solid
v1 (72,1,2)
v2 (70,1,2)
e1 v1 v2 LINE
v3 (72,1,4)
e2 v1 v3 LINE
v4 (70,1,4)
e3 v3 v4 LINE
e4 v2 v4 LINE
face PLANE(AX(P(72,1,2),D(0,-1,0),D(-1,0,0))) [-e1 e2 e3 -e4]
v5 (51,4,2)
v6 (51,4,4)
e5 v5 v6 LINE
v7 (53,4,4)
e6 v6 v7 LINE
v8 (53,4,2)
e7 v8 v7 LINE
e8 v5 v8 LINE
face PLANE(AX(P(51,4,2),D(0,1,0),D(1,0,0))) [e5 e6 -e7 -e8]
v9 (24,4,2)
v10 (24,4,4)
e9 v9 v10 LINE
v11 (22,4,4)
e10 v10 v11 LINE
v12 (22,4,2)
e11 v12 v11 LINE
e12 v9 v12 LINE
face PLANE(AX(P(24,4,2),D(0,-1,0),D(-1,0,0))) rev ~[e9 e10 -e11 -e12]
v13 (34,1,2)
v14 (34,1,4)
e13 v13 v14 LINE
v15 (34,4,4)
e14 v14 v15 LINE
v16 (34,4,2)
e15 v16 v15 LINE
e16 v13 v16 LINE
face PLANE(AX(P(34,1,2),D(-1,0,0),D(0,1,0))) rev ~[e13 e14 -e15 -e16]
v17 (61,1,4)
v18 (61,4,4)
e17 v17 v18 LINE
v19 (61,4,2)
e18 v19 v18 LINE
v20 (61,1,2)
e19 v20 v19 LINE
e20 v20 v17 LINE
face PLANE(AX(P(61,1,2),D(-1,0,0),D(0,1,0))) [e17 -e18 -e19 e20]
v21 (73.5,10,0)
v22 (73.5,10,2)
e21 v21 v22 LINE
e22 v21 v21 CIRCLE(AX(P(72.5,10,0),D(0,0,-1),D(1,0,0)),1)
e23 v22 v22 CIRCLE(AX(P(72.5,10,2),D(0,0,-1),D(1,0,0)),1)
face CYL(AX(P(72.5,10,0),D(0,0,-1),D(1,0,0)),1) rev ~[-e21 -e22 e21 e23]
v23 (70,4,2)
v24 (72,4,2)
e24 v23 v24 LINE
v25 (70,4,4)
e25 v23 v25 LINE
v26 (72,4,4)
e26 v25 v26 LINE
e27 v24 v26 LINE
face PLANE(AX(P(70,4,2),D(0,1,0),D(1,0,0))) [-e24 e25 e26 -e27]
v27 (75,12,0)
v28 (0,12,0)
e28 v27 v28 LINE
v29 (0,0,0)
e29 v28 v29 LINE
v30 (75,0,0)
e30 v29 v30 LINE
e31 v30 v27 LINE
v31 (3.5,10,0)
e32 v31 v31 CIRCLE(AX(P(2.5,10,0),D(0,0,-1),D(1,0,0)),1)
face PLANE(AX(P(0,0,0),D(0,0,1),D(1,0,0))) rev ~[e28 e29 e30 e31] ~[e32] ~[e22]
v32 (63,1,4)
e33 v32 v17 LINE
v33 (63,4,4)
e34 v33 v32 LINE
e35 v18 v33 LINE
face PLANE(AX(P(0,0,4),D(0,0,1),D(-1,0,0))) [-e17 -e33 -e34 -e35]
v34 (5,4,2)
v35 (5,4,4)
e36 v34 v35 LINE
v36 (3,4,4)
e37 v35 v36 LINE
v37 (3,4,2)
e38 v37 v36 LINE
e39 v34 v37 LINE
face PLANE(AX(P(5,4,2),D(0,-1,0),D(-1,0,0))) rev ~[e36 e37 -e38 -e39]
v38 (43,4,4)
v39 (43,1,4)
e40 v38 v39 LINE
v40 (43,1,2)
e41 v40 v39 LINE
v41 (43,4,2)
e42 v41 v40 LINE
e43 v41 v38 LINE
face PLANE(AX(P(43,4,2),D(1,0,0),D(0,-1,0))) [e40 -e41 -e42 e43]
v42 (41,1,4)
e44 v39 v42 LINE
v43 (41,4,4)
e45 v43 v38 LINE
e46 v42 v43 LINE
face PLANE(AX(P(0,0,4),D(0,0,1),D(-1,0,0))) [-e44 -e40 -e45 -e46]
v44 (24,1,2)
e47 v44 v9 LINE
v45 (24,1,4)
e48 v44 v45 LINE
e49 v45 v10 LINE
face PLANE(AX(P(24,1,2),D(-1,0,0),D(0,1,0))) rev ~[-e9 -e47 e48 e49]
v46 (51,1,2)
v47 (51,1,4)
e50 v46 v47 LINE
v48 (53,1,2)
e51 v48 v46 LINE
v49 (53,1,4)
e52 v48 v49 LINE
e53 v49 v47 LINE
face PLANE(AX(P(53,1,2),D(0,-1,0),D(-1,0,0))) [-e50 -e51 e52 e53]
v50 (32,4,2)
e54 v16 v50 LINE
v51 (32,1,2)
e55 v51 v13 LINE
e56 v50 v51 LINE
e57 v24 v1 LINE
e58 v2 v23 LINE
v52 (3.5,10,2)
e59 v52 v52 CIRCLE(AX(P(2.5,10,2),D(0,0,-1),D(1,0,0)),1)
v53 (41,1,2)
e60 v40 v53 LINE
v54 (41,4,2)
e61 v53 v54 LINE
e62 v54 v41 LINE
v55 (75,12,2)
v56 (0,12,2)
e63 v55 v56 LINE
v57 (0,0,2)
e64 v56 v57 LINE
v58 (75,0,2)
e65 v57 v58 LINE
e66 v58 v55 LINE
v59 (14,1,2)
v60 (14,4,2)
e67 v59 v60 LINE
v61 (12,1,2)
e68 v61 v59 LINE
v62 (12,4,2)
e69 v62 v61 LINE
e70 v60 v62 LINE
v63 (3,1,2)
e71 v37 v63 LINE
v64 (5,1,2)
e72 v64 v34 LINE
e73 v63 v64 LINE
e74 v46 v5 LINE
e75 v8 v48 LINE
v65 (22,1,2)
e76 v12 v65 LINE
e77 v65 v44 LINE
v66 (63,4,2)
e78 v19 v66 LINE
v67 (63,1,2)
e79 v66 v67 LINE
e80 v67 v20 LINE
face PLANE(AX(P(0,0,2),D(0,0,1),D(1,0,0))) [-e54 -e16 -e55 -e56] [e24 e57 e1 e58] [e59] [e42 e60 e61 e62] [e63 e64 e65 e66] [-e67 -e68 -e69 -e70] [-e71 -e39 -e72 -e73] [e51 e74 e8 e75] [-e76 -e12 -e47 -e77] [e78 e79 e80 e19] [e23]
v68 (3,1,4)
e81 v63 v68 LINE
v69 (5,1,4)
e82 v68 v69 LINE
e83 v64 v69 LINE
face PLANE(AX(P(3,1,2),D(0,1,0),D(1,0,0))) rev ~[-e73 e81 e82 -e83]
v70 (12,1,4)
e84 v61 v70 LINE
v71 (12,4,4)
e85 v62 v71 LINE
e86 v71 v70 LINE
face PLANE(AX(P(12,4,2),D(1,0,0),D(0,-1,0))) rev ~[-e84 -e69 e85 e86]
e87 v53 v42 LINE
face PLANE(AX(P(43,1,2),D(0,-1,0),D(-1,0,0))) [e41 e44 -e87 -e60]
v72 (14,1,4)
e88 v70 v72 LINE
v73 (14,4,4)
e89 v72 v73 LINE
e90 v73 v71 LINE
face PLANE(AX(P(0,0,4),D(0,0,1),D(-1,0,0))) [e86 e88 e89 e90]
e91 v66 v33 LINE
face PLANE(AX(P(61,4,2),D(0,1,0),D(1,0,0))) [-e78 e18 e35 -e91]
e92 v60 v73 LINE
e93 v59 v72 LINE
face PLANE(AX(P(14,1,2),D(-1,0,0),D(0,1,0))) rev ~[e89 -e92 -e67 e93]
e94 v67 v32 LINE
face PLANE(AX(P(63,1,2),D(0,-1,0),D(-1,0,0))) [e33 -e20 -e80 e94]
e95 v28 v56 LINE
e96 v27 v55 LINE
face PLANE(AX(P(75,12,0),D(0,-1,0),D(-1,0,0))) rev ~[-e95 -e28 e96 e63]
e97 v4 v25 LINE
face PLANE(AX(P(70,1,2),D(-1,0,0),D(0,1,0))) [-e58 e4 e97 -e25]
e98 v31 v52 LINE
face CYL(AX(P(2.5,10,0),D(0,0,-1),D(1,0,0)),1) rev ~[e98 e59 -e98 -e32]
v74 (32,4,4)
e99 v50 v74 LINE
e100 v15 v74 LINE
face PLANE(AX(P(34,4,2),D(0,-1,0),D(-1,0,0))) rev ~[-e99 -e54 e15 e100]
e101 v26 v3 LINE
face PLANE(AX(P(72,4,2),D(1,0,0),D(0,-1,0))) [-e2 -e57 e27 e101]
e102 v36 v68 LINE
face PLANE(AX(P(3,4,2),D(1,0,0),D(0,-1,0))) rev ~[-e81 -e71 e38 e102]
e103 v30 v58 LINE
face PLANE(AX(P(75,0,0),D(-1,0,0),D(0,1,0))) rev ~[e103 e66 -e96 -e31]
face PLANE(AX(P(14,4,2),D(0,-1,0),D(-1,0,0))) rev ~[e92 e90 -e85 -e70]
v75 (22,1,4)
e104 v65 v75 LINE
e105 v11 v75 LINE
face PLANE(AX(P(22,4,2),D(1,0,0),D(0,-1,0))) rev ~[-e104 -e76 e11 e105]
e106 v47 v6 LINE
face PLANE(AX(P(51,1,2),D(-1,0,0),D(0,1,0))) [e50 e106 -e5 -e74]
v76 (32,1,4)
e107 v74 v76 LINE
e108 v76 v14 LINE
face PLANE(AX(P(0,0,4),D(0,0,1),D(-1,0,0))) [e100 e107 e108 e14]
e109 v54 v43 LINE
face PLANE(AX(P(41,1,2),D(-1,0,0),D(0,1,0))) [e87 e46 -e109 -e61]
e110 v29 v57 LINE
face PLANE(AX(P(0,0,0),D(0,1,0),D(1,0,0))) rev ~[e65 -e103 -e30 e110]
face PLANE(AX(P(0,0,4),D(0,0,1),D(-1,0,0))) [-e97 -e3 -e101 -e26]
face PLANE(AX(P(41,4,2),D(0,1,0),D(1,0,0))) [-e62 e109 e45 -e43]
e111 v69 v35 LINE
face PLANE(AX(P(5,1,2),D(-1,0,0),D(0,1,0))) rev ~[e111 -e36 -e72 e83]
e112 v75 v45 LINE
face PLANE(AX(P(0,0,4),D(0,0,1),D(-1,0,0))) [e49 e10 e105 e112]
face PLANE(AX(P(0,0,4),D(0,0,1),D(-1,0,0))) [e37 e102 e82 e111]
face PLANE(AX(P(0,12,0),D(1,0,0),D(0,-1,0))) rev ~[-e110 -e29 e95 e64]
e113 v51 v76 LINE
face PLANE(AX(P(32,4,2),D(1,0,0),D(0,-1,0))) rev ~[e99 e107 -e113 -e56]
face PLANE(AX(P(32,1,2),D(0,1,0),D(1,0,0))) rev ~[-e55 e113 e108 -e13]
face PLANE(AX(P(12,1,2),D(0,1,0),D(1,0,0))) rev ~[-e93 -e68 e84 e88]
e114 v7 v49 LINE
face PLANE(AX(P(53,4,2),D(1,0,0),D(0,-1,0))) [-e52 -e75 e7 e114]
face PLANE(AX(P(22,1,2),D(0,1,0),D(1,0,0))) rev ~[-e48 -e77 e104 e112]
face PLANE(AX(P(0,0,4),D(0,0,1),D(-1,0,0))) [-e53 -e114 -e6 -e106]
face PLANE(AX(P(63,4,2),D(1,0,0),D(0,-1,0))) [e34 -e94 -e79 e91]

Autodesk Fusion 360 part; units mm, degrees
sketch "Szkic1" plane through (0, 0, 0) normal (0, 0, 1) x (1, 0, 0)
  line L0 (0, 0) -> (75, 0)
  line L1 (75, 0) -> (75, 12)
  line L2 (75, 12) -> (0, 12)
  line L3 (0, 12) -> (0, 0)
  dimension "d1" = 75
  dimension "d2" = 12
extrude "Wyciągnięcie proste1" add sketch "Szkic1" along normal blind 2
sketch "Szkic2" plane through (0, 0, 2) normal (0, 0, 1) x (-1, 0, 0)
  line L0 (0, -12) -> (0, 0)
  line L1 (0, 0) -> (-75, 0)
  line L2 (-75, 0) -> (-75, -12)
  line L3 (-75, -12) -> (0, -12)
  line L4 (-3, -1) -> (-5, -1)
  line L5 (-5, -1) -> (-5, -4)
  line L6 (-5, -4) -> (-3, -4)
  line L7 (-3, -4) -> (-3, -1)
  line L8 (-72, -1) -> (-70, -1)
  line L9 (-70, -1) -> (-70, -4)
  line L10 (-70, -4) -> (-72, -4)
  line L11 (-72, -4) -> (-72, -1)
  line L12 (-12, -1) -> (-14, -1)
  line L13 (-14, -1) -> (-14, -4)
  line L14 (-14, -4) -> (-12, -4)
  line L15 (-12, -4) -> (-12, -1)
  line L16 (-63, -1) -> (-61, -1)
  line L17 (-61, -1) -> (-61, -4)
  line L18 (-61, -4) -> (-63, -4)
  line L19 (-63, -4) -> (-63, -1)
  line L20 (-22, -1) -> (-24, -1)
  line L21 (-24, -1) -> (-24, -4)
  line L22 (-24, -4) -> (-22, -4)
  line L23 (-22, -4) -> (-22, -1)
  line L24 (-53, -1) -> (-51, -1)
  line L25 (-51, -1) -> (-51, -4)
  line L26 (-51, -4) -> (-53, -4)
  line L27 (-53, -4) -> (-53, -1)
  line L28 (-32, -1) -> (-34, -1)
  line L29 (-34, -1) -> (-34, -4)
  line L30 (-34, -4) -> (-32, -4)
  line L31 (-32, -4) -> (-32, -1)
  line L32 (-43, -1) -> (-41, -1)
  line L33 (-41, -1) -> (-41, -4)
  line L34 (-41, -4) -> (-43, -4)
  line L35 (-43, -4) -> (-43, -1)
extrude "Wyciągnięcie proste2" add sketch "Szkic2" along normal blind 2 contours L4 L5 L6 L7 | L8 L9 L10 L11 | L12 L13 L14 L15 | L16 L17 L18 L19 | L20 L21 L22 L23 | L24 L25 L26 L27 | L28 L29 L30 L31 | L32 L33 L34 L35
sketch "Szkic3" plane through (0, 0, 0) normal (0, 0, -1) x (1, 0, 0)
  line L0 (0, 0) -> (0, -12)
  line L1 (0, -12) -> (75, -12)
  line L2 (75, -12) -> (75, 0)
  line L3 (75, 0) -> (0, 0)
  circle A0 centre (2.5, -10) radius 1
  circle A1 centre (72.5, -10) radius 1
  dimension "d8" = 2
  dimension "d9" = 2
extrude "Wyciągnięcie proste3" cut sketch "Szkic3" against normal blind 4 contours A0 | A1
